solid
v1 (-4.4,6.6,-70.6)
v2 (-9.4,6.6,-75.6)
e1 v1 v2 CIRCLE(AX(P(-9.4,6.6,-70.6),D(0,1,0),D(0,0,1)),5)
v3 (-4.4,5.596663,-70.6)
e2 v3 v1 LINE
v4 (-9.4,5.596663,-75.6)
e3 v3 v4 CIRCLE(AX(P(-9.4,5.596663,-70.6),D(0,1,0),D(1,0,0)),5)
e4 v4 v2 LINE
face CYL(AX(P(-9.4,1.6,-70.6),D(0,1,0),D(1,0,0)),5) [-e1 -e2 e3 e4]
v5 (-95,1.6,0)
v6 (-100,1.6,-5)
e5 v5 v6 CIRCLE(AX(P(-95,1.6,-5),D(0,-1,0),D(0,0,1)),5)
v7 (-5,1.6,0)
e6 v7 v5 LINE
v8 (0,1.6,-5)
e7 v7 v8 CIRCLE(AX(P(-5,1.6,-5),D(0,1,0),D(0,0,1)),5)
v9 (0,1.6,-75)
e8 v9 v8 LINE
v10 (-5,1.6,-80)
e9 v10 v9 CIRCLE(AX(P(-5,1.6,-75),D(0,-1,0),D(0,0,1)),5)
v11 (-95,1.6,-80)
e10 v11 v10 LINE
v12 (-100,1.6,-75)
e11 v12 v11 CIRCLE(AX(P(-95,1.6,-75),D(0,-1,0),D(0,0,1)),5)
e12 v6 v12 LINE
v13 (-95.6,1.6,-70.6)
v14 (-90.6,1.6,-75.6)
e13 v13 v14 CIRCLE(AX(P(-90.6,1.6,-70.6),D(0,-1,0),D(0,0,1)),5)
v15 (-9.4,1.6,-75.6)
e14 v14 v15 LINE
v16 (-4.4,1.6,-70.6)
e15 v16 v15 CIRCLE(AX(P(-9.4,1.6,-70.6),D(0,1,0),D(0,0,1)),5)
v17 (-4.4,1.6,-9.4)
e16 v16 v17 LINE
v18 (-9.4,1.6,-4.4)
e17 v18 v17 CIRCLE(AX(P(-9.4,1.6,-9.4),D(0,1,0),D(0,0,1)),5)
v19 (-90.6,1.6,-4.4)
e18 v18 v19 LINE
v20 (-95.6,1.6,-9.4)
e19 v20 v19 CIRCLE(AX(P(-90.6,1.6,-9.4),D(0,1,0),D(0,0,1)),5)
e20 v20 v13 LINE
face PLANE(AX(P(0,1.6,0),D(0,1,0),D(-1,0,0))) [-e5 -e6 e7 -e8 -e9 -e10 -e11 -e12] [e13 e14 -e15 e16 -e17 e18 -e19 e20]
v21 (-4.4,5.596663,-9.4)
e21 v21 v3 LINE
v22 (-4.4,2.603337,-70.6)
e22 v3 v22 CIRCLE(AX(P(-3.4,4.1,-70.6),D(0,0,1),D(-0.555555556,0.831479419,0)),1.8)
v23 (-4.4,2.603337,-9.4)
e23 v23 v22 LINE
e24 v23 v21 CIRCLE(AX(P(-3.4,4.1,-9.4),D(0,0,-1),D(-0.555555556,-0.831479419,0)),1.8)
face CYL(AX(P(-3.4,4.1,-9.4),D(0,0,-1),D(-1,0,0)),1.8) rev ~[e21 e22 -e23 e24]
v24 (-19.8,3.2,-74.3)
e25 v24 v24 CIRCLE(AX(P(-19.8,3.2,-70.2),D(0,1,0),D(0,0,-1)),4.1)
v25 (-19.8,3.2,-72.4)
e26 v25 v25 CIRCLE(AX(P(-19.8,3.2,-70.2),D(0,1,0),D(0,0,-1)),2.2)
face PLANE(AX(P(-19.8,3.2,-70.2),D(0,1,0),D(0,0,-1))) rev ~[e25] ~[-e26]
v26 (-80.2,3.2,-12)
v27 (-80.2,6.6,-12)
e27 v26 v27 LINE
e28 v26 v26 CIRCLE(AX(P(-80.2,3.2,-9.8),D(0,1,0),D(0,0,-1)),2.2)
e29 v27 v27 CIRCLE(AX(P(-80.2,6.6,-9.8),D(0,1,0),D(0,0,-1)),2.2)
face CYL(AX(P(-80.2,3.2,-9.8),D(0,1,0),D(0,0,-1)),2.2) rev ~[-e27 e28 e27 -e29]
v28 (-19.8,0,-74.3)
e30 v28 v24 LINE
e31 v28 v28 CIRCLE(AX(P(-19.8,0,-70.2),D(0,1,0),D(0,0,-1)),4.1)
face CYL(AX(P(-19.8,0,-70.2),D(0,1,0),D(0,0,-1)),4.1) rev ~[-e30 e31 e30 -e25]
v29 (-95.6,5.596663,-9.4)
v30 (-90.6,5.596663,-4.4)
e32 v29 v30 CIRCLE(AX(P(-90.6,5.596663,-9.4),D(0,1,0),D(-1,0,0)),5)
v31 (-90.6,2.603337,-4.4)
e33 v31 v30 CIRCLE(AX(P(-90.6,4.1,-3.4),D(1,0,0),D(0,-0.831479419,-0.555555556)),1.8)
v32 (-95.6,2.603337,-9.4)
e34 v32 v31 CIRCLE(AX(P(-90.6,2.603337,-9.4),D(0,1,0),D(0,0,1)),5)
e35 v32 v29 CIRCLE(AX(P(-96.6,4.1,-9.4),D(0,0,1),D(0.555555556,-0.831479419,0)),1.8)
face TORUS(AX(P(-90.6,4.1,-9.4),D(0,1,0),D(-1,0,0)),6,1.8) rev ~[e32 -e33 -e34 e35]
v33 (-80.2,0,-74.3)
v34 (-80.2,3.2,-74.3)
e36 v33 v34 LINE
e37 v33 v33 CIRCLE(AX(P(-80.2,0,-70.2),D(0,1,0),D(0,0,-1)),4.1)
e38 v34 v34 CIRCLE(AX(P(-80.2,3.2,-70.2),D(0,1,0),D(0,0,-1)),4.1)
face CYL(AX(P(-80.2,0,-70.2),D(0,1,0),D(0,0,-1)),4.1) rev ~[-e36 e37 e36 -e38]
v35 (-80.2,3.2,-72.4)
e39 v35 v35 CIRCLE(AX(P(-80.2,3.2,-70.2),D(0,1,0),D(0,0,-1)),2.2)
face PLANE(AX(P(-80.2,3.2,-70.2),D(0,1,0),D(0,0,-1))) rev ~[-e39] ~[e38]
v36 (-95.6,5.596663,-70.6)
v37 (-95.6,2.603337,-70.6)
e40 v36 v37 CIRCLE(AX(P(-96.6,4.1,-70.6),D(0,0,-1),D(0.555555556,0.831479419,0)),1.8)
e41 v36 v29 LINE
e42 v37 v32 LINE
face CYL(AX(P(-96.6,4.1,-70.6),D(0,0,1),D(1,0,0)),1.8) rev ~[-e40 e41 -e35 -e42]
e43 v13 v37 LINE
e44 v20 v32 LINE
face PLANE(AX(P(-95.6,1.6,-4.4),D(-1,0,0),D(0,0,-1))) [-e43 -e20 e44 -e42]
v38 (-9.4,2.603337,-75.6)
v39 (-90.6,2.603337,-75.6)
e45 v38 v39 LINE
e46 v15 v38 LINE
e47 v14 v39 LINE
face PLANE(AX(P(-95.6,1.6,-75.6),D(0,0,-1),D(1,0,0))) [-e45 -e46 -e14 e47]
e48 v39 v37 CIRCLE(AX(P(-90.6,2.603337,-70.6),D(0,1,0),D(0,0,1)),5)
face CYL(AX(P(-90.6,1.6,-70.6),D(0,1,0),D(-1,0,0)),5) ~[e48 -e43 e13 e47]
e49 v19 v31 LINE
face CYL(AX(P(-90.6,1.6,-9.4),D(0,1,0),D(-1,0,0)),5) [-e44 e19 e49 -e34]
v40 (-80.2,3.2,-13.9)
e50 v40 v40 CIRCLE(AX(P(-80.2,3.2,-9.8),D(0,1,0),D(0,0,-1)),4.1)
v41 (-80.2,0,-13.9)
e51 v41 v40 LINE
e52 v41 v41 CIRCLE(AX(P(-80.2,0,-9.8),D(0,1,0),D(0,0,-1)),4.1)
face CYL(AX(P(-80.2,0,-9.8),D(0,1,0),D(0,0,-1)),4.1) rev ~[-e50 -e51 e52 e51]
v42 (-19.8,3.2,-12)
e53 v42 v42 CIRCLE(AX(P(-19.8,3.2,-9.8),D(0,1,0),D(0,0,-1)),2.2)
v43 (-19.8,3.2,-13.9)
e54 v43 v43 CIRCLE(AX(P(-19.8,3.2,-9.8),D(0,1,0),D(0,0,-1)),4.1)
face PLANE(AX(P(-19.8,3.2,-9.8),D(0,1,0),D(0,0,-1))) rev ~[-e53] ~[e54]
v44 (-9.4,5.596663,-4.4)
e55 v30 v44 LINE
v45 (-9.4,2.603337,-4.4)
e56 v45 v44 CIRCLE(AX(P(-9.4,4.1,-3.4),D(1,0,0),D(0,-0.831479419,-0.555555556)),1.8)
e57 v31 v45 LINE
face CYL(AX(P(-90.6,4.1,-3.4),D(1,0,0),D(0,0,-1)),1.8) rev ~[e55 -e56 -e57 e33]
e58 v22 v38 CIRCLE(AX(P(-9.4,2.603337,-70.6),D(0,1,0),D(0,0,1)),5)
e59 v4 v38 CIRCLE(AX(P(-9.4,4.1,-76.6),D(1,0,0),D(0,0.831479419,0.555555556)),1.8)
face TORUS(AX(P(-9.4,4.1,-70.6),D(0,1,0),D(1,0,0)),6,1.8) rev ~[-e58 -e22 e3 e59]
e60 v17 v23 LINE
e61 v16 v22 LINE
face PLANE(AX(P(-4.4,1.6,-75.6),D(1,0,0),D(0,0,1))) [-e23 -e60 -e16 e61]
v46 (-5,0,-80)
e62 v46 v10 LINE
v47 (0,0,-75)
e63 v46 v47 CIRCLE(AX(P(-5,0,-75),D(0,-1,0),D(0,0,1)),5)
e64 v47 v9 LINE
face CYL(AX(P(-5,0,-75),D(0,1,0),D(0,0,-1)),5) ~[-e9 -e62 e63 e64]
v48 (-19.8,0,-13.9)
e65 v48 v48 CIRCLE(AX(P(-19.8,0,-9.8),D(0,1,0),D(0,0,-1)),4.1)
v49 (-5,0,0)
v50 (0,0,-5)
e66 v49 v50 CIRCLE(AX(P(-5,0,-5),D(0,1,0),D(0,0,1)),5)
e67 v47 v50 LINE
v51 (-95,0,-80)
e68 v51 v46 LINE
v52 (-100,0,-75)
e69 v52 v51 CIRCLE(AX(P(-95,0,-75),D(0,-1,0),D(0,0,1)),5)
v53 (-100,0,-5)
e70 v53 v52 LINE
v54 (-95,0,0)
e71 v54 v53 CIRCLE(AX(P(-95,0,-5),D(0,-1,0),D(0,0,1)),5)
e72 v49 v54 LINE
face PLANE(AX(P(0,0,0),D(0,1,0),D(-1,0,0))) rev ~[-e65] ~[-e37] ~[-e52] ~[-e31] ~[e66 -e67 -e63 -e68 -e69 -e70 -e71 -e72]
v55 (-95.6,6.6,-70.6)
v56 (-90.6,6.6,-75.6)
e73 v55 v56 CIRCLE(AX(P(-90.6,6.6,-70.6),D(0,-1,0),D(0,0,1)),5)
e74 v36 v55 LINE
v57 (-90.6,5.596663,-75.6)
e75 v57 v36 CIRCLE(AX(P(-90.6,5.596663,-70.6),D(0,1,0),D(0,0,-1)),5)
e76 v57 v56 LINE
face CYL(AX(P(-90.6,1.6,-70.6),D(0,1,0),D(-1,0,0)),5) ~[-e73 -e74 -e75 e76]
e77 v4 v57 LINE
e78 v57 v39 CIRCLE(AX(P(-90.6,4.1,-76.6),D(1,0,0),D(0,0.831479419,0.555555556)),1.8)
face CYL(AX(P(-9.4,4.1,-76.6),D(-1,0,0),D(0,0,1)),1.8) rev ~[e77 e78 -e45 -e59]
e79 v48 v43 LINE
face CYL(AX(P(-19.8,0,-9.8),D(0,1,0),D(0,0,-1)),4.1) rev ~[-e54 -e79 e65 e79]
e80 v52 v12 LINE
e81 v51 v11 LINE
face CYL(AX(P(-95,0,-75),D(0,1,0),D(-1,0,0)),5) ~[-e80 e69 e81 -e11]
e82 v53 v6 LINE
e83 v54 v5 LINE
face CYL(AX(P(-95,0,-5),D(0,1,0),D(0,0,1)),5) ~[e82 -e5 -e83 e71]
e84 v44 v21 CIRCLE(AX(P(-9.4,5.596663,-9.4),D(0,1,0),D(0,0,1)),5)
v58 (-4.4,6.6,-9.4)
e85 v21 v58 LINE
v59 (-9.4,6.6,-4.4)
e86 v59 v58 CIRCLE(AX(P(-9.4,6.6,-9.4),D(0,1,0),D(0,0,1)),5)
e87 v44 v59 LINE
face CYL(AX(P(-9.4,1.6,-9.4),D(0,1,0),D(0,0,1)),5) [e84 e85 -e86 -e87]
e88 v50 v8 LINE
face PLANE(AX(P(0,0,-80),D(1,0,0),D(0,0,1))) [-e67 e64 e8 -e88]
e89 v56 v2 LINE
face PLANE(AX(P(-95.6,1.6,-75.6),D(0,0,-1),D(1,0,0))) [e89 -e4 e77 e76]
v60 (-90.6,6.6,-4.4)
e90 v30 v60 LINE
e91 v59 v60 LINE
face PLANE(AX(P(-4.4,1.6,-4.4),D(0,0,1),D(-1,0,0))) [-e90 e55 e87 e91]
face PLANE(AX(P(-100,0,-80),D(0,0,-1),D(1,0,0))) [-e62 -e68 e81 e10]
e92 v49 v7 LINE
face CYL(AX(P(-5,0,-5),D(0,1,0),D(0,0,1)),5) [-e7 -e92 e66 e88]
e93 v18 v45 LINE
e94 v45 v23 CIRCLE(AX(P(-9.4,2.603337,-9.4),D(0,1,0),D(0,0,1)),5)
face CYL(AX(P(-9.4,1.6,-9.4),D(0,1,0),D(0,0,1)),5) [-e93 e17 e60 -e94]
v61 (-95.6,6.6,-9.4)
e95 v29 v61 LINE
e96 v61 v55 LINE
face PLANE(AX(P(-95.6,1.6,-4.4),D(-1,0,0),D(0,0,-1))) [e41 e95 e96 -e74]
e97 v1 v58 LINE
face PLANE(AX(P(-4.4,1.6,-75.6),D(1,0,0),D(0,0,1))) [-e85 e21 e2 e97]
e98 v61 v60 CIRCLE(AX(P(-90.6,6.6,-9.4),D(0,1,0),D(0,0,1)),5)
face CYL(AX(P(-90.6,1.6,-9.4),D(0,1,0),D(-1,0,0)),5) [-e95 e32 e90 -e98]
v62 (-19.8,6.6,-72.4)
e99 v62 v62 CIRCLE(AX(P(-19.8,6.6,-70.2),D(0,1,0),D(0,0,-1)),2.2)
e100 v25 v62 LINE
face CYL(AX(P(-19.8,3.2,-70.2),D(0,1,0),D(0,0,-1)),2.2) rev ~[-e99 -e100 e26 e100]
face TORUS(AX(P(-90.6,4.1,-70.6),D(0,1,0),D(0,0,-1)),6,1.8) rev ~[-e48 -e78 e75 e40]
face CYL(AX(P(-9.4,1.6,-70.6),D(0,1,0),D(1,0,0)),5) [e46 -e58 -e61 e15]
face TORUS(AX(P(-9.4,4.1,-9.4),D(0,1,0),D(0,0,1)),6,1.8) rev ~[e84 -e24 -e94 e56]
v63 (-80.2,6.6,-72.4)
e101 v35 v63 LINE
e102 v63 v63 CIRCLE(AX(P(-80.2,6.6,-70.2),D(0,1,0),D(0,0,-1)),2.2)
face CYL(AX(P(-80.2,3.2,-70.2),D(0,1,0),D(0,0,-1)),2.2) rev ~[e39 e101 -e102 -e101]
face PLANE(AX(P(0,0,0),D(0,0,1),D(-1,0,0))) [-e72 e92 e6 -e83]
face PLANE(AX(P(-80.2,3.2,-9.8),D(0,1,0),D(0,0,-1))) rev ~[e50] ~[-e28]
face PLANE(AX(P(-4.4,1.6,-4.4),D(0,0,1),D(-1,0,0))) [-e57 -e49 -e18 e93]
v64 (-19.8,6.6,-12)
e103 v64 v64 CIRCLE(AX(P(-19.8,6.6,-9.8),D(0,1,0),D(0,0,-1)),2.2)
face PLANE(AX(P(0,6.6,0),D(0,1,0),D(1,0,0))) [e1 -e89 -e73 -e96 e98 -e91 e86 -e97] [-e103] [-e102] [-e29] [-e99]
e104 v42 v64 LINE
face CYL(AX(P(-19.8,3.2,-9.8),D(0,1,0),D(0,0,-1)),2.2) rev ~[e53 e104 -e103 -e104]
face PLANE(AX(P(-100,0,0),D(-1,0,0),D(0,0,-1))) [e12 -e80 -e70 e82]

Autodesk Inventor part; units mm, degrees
ref_plane "YZ Plane" through (0, 0, 0) normal (1, 0, 0) x (0, 1, 0)
ref_plane "XZ Plane" through (0, 0, 0) normal (0, 1, 0) x (-1, 0, 0)
sketch "Sketch1" plane through (0, 0, 0) normal (0, 1, 0) x (-1, 0, 0)
  line L0 (0, 0) -> (100, 0)
  line L1 (100, 0) -> (100, -80)
  line L2 (100, -80) -> (0, -80)
  line L3 (0, -80) -> (0, 0)
  dimension "d0" = 100
  dimension "d1" = 80
extrude "LidBase" add sketch "Sketch1" along normal blind 1.6
fillet "Fillet1" radius 5 4 edges at (-100, 0.8, 0) (0, 0.8, 0) (0, 0.8, -80) (-100, 0.8, -80)
sketch "Sketch3" plane through (0, 1.6, 0) normal (0, 1, 0) x (1, 0, 0)
  line L0 (-5, 80) -> (-95, 80) projected
  arc A0 (-95, 80) -> (-100, 75) centre (-95, 75) ccw projected
  line L1 (-100, 75) -> (-100, 5) projected
  arc A1 (-100, 5) -> (-95, 0) centre (-95, 5) ccw projected
  line L2 (-95, 0) -> (-5, 0) projected
  arc A2 (-5, 0) -> (0, 5) centre (-5, 5) ccw projected
  line L3 (0, 5) -> (0, 75) projected
  arc A3 (0, 75) -> (-5, 80) centre (-5, 75) ccw projected
  line L4 (-5, 80) -> (-95, 80) projected
  line L5 (-95.6, 75.6) -> (-4.4, 75.6)
  line L6 (-4.4, 75.6) -> (-4.4, 4.4)
  line L7 (-4.4, 4.4) -> (-95.6, 4.4)
  line L8 (-95.6, 4.4) -> (-95.6, 75.6)
  point P0 (0, 0)
  dimension "d5" = 4.4
  dimension "d6" = 4.4
  dimension "d7" = 4.4
  dimension "d8" = 4.4
extrude "Gasket Seal" add sketch "Sketch3" along normal blind 5 contours L5 L6 L7 L8
fillet "Fillet2" radius 5 4 edges at (-4.4, 4.1, -4.4) (-4.4, 4.1, -75.6) (-95.6, 4.1, -75.6) (-95.6, 4.1, -4.4)
ref_plane "Work Plane4" through (-54.4, 1.6, -9.4) normal (1, 0, 0) x (0, 0, -1)
sketch "Sketch7" plane through (-54.4, 1.6, -9.4) normal (1, 0, 0) x (0, 0, -1)
  line L0 (70.6, -1.6) -> (-9.4, -1.6) projected
  line L1 (-9.4, -1.6) -> (-9.4, 0) projected
  line L2 (-9.4, 0) -> (-5, 0) projected
  line L3 (-5, 0) -> (-5, 5) projected
  line L4 (-5, 5) -> (66.2, 5) projected
  line L5 (66.2, 5) -> (66.2, 0) projected
  line L6 (66.2, 0) -> (70.6, 0) projected
  line L7 (70.6, 0) -> (70.6, -1.6) projected
  circle A0 centre (-6, 2.5) radius 1.8
  point P0 (-9.4, -1.6)
  dimension "d24" = 3.6
  dimension "d25" = 2.5
  dimension "d26" = 1
sketch3d "3D Sketch3"
  line L0 (-90.6, 1.6, -4.4) -> (-9.4, 1.6, -4.4)
  arc A0 (-9.4, 1.6, -4.4) -> (-4.4, 1.6, -9.4) centre (-9.4, 1.6, -9.4) ccw
  line L1 (-4.4, 1.6, -9.4) -> (-4.4, 1.6, -70.6)
  arc A1 (-4.4, 1.6, -70.6) -> (-9.4, 1.6, -75.6) centre (-9.4, 1.6, -70.6) ccw
  line L2 (-9.4, 1.6, -75.6) -> (-90.6, 1.6, -75.6)
  arc A2 (-90.6, 1.6, -75.6) -> (-95.6, 1.6, -70.6) centre (-90.6, 1.6, -70.6) ccw
  line L3 (-95.6, 1.6, -70.6) -> (-95.6, 1.6, -9.4)
  arc A3 (-95.6, 1.6, -9.4) -> (-90.6, 1.6, -4.4) centre (-90.6, 1.6, -9.4) ccw
sweep "Oring Channel" cut profiles "Sketch7" path "3D Sketch3" contours A0 L3 | L3 A0
sketch "Sketch8" plane through (0, 0, 0) normal (0, 1, 0) x (1, 0, 0)
  line L0 (-100, 75) -> (-100, 5) projected
  line L1 (-95, 0) -> (-5, 0) projected
  line L2 (-9.4, 75.6) -> (-90.6, 75.6) projected
  line L3 (-5, 80) -> (-95, 80) projected
  line L4 (0, 5) -> (0, 75) projected
  point P0 (0, 0)
  point P1 (-80.2, 9.8)
  point P2 (-19.8, 9.8)
  point P3 (-19.8, 70.2)
  point P4 (-80.2, 70.2)
  dimension "d29" = 19.8
  dimension "d30" = 9.8
  dimension "d32" = 9.8
  dimension "d33" = 19.8
  dimension "d34" = 19.8
  dimension "d35" = 9.8
  dimension "d36" = 19.8
  dimension "d37" = 9.8
hole "Hole1" at (-80.2, 0, -9.8) at (-19.8, 0, -9.8) at (-19.8, 0, -70.2) at (-80.2, 0, -70.2) direction (0, 1, 0) diameter 4.4 end through all counterbore diameter 8.2 counterbore depth 3.2
equation "\"d6\" = d5"
equation "\"d7\" = d5"
equation "\"d8\" = d5"
equation "\"d32\" = d30"
equation "\"d33\" = d29"
equation "\"d34\" = d29"
equation "\"d35\" = d30"
equation "\"d36\" = d34"
equation "\"d37\" = d30"
properties part number "Lid"
